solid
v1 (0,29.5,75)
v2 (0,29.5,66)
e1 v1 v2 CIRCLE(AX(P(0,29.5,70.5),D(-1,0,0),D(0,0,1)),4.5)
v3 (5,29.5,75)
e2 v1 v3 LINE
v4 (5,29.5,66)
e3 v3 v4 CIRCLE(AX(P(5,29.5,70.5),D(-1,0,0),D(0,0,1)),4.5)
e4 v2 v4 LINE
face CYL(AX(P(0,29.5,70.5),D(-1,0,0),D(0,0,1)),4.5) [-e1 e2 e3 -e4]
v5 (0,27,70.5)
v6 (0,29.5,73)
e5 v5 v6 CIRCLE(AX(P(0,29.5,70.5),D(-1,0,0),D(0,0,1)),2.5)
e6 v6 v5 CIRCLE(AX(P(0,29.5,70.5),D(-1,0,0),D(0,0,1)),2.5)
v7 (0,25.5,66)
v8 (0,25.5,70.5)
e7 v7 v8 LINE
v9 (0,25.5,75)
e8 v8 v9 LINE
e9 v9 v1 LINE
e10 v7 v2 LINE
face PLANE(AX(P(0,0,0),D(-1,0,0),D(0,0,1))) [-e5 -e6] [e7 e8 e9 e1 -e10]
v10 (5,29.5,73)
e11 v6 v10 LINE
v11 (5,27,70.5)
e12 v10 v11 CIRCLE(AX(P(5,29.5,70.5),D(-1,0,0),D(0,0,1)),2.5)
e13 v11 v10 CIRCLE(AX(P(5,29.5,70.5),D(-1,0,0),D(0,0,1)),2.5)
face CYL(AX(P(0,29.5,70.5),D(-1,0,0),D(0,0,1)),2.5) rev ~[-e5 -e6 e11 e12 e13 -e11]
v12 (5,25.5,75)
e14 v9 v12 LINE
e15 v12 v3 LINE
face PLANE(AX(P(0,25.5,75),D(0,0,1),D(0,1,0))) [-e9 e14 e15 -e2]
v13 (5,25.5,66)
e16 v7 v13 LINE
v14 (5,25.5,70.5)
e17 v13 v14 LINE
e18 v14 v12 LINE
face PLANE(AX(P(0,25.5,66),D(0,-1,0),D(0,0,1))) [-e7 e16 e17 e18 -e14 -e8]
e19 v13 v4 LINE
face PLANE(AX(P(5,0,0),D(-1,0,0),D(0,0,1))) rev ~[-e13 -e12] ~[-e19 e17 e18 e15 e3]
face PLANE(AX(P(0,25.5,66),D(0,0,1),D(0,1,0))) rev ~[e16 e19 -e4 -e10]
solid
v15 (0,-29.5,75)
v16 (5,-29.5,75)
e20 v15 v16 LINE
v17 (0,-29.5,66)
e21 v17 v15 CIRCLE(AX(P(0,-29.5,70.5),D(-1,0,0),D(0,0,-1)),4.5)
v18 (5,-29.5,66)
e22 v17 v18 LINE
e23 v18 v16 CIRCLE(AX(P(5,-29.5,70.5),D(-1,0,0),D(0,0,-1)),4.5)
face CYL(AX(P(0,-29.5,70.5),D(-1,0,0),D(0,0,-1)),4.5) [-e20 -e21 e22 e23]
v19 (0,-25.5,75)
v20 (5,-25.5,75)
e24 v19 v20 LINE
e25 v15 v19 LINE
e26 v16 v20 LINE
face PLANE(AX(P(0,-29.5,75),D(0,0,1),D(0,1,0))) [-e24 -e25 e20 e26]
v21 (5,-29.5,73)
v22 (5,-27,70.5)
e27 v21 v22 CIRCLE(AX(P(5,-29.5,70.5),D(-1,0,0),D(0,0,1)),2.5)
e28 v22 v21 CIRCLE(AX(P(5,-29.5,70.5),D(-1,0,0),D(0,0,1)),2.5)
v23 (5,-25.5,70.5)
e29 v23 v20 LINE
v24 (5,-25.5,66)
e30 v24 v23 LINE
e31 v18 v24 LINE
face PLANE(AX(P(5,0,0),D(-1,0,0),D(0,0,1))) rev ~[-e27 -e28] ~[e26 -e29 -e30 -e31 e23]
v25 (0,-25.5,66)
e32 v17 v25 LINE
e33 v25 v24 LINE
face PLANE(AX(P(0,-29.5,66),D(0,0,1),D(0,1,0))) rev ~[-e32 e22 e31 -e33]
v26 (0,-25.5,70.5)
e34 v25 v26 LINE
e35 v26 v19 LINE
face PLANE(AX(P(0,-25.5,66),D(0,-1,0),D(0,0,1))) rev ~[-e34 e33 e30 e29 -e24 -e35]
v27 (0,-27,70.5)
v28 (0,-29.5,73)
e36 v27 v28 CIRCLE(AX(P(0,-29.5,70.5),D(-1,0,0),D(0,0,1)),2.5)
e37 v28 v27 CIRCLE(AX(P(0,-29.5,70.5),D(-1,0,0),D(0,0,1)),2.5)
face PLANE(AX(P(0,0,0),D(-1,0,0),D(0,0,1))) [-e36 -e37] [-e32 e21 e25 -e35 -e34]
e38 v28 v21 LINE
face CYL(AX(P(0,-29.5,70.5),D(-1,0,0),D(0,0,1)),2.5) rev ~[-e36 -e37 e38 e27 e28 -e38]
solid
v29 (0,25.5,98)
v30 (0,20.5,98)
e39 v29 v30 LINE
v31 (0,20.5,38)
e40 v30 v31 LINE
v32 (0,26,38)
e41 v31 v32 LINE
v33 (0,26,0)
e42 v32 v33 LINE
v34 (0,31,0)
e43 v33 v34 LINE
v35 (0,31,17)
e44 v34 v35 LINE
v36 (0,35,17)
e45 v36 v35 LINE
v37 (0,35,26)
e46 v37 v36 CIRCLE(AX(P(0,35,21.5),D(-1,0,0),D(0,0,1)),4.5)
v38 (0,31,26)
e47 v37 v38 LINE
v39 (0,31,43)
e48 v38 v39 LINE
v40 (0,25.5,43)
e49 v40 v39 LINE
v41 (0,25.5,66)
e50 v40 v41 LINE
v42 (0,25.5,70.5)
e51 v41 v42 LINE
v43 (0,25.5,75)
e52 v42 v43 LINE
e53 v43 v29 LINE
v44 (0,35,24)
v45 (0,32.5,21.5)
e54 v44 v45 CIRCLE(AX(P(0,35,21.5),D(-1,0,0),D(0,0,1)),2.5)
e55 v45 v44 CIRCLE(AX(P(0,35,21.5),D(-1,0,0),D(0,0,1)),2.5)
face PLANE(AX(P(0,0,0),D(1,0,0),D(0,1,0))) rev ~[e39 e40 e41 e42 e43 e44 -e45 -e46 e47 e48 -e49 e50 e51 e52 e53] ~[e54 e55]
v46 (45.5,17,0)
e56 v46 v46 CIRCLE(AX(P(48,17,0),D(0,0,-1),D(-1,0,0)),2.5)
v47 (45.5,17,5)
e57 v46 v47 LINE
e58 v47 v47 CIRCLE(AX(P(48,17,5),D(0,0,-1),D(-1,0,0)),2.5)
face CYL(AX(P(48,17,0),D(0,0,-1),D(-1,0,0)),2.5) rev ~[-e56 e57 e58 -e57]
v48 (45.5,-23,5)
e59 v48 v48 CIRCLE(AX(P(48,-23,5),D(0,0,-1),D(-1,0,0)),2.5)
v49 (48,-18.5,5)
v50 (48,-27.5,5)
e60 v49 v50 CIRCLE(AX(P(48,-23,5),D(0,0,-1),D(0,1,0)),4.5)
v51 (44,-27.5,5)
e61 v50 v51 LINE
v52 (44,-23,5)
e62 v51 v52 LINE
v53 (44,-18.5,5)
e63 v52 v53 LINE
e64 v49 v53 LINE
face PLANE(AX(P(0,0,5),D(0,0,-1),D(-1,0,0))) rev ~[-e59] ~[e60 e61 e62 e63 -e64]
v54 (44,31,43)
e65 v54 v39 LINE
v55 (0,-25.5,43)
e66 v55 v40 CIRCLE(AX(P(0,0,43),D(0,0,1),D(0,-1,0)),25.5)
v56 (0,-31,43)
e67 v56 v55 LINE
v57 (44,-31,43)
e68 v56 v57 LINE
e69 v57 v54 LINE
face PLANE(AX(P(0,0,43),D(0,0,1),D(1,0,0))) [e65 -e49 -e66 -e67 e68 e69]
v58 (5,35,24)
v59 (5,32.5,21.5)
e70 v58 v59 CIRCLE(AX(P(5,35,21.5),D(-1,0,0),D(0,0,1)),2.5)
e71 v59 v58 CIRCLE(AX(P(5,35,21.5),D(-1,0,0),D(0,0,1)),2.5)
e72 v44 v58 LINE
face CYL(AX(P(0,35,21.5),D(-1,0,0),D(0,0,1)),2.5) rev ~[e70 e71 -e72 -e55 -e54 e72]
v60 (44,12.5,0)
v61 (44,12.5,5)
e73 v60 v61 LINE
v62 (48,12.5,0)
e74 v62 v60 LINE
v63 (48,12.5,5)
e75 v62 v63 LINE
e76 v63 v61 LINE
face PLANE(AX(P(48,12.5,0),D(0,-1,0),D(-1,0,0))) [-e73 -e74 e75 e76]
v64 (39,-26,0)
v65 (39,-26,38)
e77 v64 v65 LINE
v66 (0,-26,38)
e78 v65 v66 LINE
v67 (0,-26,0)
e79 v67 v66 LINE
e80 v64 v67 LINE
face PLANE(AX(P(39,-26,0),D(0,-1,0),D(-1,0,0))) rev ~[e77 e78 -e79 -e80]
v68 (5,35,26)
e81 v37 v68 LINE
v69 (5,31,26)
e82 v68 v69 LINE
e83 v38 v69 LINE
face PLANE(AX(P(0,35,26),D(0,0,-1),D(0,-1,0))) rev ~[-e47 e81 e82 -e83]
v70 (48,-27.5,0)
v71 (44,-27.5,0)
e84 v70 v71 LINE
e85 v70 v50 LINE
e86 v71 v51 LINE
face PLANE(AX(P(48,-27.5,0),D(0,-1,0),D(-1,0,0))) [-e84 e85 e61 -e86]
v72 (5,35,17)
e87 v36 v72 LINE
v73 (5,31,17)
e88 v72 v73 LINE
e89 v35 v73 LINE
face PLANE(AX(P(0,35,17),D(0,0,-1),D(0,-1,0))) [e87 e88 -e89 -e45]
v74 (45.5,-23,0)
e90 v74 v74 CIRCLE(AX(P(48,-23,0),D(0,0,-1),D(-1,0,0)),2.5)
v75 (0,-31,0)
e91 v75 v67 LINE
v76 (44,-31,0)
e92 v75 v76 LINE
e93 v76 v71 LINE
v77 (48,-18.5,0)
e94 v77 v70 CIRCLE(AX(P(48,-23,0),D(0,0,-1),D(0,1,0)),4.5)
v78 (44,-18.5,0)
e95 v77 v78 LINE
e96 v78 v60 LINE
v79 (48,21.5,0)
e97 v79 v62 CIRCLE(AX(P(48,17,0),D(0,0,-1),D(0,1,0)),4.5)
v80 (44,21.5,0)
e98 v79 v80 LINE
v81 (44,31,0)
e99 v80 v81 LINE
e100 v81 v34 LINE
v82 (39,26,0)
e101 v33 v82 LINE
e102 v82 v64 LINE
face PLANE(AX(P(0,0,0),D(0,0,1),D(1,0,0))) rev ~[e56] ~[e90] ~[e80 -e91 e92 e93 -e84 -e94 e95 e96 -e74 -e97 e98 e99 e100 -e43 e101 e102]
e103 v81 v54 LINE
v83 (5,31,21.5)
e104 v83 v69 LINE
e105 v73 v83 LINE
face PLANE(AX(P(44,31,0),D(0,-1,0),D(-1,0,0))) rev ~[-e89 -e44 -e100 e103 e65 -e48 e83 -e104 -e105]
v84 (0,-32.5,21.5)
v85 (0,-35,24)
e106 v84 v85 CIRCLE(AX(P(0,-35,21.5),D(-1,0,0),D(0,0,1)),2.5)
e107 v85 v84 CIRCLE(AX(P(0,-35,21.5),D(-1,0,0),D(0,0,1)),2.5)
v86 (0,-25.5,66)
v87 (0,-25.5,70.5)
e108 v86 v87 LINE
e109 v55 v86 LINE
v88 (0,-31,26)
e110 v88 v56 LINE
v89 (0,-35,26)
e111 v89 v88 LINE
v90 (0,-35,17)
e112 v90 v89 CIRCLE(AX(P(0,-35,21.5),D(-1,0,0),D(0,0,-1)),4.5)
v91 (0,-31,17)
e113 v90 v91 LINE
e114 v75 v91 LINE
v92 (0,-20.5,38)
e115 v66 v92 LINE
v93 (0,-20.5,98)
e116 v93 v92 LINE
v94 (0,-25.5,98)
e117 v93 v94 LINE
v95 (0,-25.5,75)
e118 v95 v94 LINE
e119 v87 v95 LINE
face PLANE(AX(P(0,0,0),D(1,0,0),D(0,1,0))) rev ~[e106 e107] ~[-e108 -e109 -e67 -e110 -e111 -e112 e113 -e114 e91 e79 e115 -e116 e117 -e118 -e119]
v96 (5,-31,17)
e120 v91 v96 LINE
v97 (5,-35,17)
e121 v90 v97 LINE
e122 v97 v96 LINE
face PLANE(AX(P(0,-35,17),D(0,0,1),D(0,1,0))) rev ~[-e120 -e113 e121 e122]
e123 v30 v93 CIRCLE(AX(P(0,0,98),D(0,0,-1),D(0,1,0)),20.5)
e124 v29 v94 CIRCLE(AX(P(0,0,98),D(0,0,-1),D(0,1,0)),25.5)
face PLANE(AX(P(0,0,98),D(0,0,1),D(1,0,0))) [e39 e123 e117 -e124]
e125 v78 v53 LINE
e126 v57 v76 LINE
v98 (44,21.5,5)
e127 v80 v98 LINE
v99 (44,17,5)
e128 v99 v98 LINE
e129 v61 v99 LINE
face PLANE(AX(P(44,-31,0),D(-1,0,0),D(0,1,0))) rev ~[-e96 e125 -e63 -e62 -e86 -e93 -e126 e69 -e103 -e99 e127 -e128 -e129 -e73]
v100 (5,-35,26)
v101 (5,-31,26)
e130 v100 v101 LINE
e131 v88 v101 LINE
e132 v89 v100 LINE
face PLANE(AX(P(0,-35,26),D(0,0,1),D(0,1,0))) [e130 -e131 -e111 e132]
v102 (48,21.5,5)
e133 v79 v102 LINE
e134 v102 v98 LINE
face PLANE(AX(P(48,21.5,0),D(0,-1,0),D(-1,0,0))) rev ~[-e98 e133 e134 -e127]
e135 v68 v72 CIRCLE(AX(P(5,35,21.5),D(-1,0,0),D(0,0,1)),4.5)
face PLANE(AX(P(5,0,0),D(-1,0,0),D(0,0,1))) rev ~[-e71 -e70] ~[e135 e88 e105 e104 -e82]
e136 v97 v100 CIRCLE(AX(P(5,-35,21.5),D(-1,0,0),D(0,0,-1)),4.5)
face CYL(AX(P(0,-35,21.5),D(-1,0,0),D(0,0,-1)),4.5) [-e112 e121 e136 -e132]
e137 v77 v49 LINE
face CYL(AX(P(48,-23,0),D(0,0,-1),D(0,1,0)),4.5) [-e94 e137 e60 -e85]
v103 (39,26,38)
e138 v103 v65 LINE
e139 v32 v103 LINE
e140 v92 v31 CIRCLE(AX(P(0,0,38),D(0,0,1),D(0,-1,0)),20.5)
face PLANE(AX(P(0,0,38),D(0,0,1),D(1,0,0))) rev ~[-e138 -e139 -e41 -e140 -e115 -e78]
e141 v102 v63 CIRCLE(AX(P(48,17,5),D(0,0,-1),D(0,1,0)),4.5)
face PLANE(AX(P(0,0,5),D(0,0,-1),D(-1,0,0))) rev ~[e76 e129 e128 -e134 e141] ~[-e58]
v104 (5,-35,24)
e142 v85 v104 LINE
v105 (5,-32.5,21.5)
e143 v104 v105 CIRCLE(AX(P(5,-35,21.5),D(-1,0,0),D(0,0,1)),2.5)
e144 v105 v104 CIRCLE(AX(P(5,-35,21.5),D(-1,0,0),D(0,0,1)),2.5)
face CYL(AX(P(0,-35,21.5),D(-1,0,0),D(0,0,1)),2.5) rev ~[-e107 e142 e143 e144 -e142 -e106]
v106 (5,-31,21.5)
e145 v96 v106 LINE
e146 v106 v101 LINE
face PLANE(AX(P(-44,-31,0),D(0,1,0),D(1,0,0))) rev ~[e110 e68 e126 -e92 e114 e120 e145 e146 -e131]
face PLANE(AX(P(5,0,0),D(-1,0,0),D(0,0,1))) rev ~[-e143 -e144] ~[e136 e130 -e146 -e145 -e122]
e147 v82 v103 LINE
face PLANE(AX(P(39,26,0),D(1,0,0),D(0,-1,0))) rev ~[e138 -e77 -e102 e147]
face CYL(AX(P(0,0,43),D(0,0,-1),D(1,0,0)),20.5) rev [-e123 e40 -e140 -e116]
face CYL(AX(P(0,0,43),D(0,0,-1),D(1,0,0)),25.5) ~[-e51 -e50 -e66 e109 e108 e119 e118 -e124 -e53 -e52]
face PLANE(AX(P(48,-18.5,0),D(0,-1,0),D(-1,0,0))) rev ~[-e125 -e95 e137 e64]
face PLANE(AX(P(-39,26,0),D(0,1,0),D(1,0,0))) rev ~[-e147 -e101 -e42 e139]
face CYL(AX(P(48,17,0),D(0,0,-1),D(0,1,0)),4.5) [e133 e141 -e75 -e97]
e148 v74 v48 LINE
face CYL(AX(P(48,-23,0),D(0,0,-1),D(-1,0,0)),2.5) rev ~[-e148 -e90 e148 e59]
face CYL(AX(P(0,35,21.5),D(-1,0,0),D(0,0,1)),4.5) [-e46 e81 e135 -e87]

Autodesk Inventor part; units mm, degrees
ref_plane "YZ Plane" through (0, 0, 0) normal (1, 0, 0) x (0, 1, 0)
ref_plane "XZ Plane" through (0, 0, 0) normal (0, 1, 0) x (-1, 0, 0)
ref_plane "XY Plane" through (0, 0, 0) normal (0, 0, 1) x (1, 0, 0)
sketch "Sketch1" plane through (0, 0, 0) normal (0, 0, 1) x (1, 0, 0)
  line L0 (39, -26) -> (-39, -26)
  line L1 (-39, -26) -> (-39, 26)
  line L2 (-39, 26) -> (39, 26)
  line L3 (39, 26) -> (39, -26)
  line L4 (39, -26) -> (-39, 26) construction
  line L5 (-39, -26) -> (39, 26) construction
  line L6 (44, 31) -> (-44, 31)
  line L7 (-44, 31) -> (-44, -31)
  line L8 (-44, -31) -> (44, -31)
  line L9 (44, -31) -> (44, 31)
  point P0 (0, 0)
  dimension "d0" = 78
  dimension "d1" = 52
  dimension "d2" = 5
extrude "Extrusion1" add sketch "Sketch1" along normal blind 43
sketch "Sketch2" plane through (0, 0, 43) normal (0, 0, 1) x (1, 0, 0)
  line L0 (-44, 31) -> (-44, -31) projected
  line L1 (-44, -31) -> (44, -31) projected
  line L2 (44, -31) -> (44, 31) projected
  line L3 (44, 31) -> (-44, 31) projected
  line L4 (39, -26) -> (-39, -26) projected
  line L5 (-39, -26) -> (-39, 26) projected
  line L6 (-39, 26) -> (39, 26) projected
  line L7 (39, 26) -> (39, -26) projected
  point P0 (0, 0)
extrude "Extrusion2" add sketch "Sketch2" against normal blind 5 contours L3 L2 L1 L0 | L4 L5 L6 L7
sketch "Sketch3" plane through (0, 0, 43) normal (0, 0, 1) x (1, 0, 0)
  circle A0 centre (0, 0) radius 20.5
  dimension "d7" = 41
extrude "Extrusion3" cut sketch "Sketch3" against normal blind 5
sketch "Sketch4" plane through (0, 0, 43) normal (0, 0, 1) x (1, 0, 0)
  circle A0 centre (0, 0) radius 20.5 projected
  circle A1 centre (0, 0) radius 25.5
  dimension "d10" = 5
extrude "Extrusion4" add sketch "Sketch4" along normal blind 55
sketch "Sketch5" plane through (0, 0, 0) normal (1, 0, 0) x (0, 1, 0)
  line L0 (25.5, 43) -> (25.5, 98) projected
  line L1 (31, 0) -> (31, 43) projected
  line L2 (-31, 43) -> (31, 43) projected
  line L3 (-31, 0) -> (31, 0) projected
  line L4 (-31, 0) -> (-31, 43) projected
  line L5 (-25.5, 43) -> (-25.5, 98) projected
  line L6 (25.5, 98) -> (-25.5, 98) projected
  point P0 (0, 0)
extrude "Extrusion5" cut sketch "Sketch5" against normal blind 55
sketch "Sketch7" plane through (0, 0, 0) normal (0, 0, -1) x (-1, 0, 0)
  circle A0 centre (-48, 17) radius 2.5
  circle A1 centre (-48, -23) radius 2.5
  line L0 (-48, 17) -> (-44, 17)
  line L1 (-44, -31) -> (-44, 31) projected
  line L2 (-44, 22.4083) -> (-44, 31)
  line L3 (-48, -23) -> (-44, -23)
  line L4 (-44, 31) -> (0, 31) projected
  line L5 (0, -31) -> (-44, -31) projected
  line L6 (-44, -28.4083) -> (-44, -31)
  line L7 (-44, -17.5917) -> (-44, 10.8153)
  line L8 (-44, 23.1847) -> (-44, 31)
  arc A2 (-48, 21.5) -> (-48, 12.5) centre (-48, 17) ccw
  arc A3 (-48, -18.5) -> (-48, -27.5) centre (-48, -23) ccw
  line L9 (-44, 19.0616) -> (-44, 31)
  line L10 (-44, -27.5) -> (-44, -31)
  line L11 (-44, -18.5) -> (-44, 14.9384)
  line L12 (-48, -27.5) -> (-44, -27.5)
  line L13 (-48, -18.5) -> (-44, -18.5)
  line L14 (-48, 21.5) -> (-44, 21.5)
  line L15 (-48, 12.5) -> (-44, 12.5)
  line L16 (-44, -31) -> (-44, 31) projected
  point P0 (0, 0)
  point P1 (-44, 15.1972)
  point P2 (-44, -24.8028)
  point P3 (-44, -21.1972)
  point P4 (-44, -25.0616)
  point P5 (-44, -20.9384)
  dimension "d40" = 5
  dimension "d45" = 4
  dimension "d46" = 5
  dimension "d68" = 40
  dimension "d75" = 8
  dimension "d76" = 4
  dimension "d77" = 2
  dimension "d78" = 2
extrude "Extrusion7" add sketch "Sketch7" against normal blind 5
sketch "Sketch10" plane through (0, 0, 0) normal (-1, 0, 0) x (0, 0, 1)
  circle A0 centre (21.5, 35) radius 2.5
  line L0 (0, 26) -> (0, 31) projected
  line L1 (0, 31) -> (43, 31) projected
  arc A1 (26, 35) -> (17, 35) centre (21.5, 35) ccw
  line L2 (43, 25.5) -> (98, 25.5) projected
  circle A2 centre (70.5, 29.5) radius 2.5
  arc A3 (75, 29.5) -> (66, 29.5) centre (70.5, 29.5) ccw
  line L3 (0, -31) -> (43, -31) projected
  line L4 (21.5, -31) -> (21.5, -35)
  circle A4 centre (21.5, -35) radius 2.5
  arc A5 (17, -35) -> (26, -35) centre (21.5, -35) ccw
  line L5 (43, -25.5) -> (98, -25.5) projected
  line L6 (70.5, -25.5) -> (70.5, -29.5)
  circle A6 centre (70.5, -29.5) radius 2.5
  arc A7 (66, -29.5) -> (75, -29.5) centre (70.5, -29.5) ccw
  line L7 (0, -31) -> (16.0917, -31)
  line L8 (26.9083, -31) -> (43, -31)
  line L9 (43, -25.5) -> (65.0917, -25.5)
  line L10 (43, -31) -> (43, 31) projected
  line L11 (75.9083, -25.5) -> (98, -25.5)
  line L12 (0, 31) -> (16.0917, 31)
  line L13 (26.9083, 31) -> (43, 31)
  line L14 (65.0917, 25.5) -> (43, 25.5)
  line L15 (75, 25.5) -> (98, 25.5)
  line L16 (98, 20.5) -> (98, -20.5) projected
  line L17 (70.5, 29.5) -> (70.5, 25.5)
  line L18 (98, 25.5) -> (98, 20.5) projected
  line L19 (21.5, 35) -> (21.5, 31)
  line L20 (16.0917, 31) -> (0, 31)
  line L21 (65.0917, 25.5) -> (43, 25.5)
  line L22 (75, 25.5) -> (98, 25.5)
  line L23 (75.9083, -25.5) -> (98, -25.5)
  line L24 (65.0917, -25.5) -> (43, -25.5)
  line L25 (26.9083, -31) -> (43, -31)
  line L26 (16.0917, -31) -> (0, -31)
  line L27 (17, 35) -> (17, 31)
  line L28 (26, 35) -> (26, 31)
  line L29 (66, 25.5) -> (66, 29.5)
  line L30 (75, 25.5) -> (75, 29.5)
  line L31 (26, -35) -> (26, -31)
  line L32 (17, -35) -> (17, -31)
  line L33 (75, -29.5) -> (75, -25.5)
  line L34 (66, -29.5) -> (66, -25.5)
  point P0 (0, 0)
  point P1 (19.4384, 31)
  point P2 (23.5616, 31)
  point P3 (68.4384, 25.5)
  point P4 (72.5616, 25.5)
  point P5 (23.5616, -31)
  point P6 (19.4384, -31)
  point P7 (72.5616, -25.5)
  point P8 (68.4384, -25.5)
  point P9 (26, -31)
  point P10 (17, -31)
  dimension "d52" = 5
  dimension "d56" = 2
  dimension "d57" = 5
  dimension "d58" = 2
  dimension "d59" = 4
  dimension "d60" = 5
  dimension "d61" = 2
  dimension "d70" = 27.5
  dimension "d71" = 4
  dimension "d72" = 27.5
  dimension "d73" = 4
  dimension "d74" = 90
  dimension "d80" = 4
  dimension "d81" = 2
  dimension "d82" = 5
extrude "Extrusion8" add sketch "Sketch10" against normal blind 5
properties part number "soporte p3"
